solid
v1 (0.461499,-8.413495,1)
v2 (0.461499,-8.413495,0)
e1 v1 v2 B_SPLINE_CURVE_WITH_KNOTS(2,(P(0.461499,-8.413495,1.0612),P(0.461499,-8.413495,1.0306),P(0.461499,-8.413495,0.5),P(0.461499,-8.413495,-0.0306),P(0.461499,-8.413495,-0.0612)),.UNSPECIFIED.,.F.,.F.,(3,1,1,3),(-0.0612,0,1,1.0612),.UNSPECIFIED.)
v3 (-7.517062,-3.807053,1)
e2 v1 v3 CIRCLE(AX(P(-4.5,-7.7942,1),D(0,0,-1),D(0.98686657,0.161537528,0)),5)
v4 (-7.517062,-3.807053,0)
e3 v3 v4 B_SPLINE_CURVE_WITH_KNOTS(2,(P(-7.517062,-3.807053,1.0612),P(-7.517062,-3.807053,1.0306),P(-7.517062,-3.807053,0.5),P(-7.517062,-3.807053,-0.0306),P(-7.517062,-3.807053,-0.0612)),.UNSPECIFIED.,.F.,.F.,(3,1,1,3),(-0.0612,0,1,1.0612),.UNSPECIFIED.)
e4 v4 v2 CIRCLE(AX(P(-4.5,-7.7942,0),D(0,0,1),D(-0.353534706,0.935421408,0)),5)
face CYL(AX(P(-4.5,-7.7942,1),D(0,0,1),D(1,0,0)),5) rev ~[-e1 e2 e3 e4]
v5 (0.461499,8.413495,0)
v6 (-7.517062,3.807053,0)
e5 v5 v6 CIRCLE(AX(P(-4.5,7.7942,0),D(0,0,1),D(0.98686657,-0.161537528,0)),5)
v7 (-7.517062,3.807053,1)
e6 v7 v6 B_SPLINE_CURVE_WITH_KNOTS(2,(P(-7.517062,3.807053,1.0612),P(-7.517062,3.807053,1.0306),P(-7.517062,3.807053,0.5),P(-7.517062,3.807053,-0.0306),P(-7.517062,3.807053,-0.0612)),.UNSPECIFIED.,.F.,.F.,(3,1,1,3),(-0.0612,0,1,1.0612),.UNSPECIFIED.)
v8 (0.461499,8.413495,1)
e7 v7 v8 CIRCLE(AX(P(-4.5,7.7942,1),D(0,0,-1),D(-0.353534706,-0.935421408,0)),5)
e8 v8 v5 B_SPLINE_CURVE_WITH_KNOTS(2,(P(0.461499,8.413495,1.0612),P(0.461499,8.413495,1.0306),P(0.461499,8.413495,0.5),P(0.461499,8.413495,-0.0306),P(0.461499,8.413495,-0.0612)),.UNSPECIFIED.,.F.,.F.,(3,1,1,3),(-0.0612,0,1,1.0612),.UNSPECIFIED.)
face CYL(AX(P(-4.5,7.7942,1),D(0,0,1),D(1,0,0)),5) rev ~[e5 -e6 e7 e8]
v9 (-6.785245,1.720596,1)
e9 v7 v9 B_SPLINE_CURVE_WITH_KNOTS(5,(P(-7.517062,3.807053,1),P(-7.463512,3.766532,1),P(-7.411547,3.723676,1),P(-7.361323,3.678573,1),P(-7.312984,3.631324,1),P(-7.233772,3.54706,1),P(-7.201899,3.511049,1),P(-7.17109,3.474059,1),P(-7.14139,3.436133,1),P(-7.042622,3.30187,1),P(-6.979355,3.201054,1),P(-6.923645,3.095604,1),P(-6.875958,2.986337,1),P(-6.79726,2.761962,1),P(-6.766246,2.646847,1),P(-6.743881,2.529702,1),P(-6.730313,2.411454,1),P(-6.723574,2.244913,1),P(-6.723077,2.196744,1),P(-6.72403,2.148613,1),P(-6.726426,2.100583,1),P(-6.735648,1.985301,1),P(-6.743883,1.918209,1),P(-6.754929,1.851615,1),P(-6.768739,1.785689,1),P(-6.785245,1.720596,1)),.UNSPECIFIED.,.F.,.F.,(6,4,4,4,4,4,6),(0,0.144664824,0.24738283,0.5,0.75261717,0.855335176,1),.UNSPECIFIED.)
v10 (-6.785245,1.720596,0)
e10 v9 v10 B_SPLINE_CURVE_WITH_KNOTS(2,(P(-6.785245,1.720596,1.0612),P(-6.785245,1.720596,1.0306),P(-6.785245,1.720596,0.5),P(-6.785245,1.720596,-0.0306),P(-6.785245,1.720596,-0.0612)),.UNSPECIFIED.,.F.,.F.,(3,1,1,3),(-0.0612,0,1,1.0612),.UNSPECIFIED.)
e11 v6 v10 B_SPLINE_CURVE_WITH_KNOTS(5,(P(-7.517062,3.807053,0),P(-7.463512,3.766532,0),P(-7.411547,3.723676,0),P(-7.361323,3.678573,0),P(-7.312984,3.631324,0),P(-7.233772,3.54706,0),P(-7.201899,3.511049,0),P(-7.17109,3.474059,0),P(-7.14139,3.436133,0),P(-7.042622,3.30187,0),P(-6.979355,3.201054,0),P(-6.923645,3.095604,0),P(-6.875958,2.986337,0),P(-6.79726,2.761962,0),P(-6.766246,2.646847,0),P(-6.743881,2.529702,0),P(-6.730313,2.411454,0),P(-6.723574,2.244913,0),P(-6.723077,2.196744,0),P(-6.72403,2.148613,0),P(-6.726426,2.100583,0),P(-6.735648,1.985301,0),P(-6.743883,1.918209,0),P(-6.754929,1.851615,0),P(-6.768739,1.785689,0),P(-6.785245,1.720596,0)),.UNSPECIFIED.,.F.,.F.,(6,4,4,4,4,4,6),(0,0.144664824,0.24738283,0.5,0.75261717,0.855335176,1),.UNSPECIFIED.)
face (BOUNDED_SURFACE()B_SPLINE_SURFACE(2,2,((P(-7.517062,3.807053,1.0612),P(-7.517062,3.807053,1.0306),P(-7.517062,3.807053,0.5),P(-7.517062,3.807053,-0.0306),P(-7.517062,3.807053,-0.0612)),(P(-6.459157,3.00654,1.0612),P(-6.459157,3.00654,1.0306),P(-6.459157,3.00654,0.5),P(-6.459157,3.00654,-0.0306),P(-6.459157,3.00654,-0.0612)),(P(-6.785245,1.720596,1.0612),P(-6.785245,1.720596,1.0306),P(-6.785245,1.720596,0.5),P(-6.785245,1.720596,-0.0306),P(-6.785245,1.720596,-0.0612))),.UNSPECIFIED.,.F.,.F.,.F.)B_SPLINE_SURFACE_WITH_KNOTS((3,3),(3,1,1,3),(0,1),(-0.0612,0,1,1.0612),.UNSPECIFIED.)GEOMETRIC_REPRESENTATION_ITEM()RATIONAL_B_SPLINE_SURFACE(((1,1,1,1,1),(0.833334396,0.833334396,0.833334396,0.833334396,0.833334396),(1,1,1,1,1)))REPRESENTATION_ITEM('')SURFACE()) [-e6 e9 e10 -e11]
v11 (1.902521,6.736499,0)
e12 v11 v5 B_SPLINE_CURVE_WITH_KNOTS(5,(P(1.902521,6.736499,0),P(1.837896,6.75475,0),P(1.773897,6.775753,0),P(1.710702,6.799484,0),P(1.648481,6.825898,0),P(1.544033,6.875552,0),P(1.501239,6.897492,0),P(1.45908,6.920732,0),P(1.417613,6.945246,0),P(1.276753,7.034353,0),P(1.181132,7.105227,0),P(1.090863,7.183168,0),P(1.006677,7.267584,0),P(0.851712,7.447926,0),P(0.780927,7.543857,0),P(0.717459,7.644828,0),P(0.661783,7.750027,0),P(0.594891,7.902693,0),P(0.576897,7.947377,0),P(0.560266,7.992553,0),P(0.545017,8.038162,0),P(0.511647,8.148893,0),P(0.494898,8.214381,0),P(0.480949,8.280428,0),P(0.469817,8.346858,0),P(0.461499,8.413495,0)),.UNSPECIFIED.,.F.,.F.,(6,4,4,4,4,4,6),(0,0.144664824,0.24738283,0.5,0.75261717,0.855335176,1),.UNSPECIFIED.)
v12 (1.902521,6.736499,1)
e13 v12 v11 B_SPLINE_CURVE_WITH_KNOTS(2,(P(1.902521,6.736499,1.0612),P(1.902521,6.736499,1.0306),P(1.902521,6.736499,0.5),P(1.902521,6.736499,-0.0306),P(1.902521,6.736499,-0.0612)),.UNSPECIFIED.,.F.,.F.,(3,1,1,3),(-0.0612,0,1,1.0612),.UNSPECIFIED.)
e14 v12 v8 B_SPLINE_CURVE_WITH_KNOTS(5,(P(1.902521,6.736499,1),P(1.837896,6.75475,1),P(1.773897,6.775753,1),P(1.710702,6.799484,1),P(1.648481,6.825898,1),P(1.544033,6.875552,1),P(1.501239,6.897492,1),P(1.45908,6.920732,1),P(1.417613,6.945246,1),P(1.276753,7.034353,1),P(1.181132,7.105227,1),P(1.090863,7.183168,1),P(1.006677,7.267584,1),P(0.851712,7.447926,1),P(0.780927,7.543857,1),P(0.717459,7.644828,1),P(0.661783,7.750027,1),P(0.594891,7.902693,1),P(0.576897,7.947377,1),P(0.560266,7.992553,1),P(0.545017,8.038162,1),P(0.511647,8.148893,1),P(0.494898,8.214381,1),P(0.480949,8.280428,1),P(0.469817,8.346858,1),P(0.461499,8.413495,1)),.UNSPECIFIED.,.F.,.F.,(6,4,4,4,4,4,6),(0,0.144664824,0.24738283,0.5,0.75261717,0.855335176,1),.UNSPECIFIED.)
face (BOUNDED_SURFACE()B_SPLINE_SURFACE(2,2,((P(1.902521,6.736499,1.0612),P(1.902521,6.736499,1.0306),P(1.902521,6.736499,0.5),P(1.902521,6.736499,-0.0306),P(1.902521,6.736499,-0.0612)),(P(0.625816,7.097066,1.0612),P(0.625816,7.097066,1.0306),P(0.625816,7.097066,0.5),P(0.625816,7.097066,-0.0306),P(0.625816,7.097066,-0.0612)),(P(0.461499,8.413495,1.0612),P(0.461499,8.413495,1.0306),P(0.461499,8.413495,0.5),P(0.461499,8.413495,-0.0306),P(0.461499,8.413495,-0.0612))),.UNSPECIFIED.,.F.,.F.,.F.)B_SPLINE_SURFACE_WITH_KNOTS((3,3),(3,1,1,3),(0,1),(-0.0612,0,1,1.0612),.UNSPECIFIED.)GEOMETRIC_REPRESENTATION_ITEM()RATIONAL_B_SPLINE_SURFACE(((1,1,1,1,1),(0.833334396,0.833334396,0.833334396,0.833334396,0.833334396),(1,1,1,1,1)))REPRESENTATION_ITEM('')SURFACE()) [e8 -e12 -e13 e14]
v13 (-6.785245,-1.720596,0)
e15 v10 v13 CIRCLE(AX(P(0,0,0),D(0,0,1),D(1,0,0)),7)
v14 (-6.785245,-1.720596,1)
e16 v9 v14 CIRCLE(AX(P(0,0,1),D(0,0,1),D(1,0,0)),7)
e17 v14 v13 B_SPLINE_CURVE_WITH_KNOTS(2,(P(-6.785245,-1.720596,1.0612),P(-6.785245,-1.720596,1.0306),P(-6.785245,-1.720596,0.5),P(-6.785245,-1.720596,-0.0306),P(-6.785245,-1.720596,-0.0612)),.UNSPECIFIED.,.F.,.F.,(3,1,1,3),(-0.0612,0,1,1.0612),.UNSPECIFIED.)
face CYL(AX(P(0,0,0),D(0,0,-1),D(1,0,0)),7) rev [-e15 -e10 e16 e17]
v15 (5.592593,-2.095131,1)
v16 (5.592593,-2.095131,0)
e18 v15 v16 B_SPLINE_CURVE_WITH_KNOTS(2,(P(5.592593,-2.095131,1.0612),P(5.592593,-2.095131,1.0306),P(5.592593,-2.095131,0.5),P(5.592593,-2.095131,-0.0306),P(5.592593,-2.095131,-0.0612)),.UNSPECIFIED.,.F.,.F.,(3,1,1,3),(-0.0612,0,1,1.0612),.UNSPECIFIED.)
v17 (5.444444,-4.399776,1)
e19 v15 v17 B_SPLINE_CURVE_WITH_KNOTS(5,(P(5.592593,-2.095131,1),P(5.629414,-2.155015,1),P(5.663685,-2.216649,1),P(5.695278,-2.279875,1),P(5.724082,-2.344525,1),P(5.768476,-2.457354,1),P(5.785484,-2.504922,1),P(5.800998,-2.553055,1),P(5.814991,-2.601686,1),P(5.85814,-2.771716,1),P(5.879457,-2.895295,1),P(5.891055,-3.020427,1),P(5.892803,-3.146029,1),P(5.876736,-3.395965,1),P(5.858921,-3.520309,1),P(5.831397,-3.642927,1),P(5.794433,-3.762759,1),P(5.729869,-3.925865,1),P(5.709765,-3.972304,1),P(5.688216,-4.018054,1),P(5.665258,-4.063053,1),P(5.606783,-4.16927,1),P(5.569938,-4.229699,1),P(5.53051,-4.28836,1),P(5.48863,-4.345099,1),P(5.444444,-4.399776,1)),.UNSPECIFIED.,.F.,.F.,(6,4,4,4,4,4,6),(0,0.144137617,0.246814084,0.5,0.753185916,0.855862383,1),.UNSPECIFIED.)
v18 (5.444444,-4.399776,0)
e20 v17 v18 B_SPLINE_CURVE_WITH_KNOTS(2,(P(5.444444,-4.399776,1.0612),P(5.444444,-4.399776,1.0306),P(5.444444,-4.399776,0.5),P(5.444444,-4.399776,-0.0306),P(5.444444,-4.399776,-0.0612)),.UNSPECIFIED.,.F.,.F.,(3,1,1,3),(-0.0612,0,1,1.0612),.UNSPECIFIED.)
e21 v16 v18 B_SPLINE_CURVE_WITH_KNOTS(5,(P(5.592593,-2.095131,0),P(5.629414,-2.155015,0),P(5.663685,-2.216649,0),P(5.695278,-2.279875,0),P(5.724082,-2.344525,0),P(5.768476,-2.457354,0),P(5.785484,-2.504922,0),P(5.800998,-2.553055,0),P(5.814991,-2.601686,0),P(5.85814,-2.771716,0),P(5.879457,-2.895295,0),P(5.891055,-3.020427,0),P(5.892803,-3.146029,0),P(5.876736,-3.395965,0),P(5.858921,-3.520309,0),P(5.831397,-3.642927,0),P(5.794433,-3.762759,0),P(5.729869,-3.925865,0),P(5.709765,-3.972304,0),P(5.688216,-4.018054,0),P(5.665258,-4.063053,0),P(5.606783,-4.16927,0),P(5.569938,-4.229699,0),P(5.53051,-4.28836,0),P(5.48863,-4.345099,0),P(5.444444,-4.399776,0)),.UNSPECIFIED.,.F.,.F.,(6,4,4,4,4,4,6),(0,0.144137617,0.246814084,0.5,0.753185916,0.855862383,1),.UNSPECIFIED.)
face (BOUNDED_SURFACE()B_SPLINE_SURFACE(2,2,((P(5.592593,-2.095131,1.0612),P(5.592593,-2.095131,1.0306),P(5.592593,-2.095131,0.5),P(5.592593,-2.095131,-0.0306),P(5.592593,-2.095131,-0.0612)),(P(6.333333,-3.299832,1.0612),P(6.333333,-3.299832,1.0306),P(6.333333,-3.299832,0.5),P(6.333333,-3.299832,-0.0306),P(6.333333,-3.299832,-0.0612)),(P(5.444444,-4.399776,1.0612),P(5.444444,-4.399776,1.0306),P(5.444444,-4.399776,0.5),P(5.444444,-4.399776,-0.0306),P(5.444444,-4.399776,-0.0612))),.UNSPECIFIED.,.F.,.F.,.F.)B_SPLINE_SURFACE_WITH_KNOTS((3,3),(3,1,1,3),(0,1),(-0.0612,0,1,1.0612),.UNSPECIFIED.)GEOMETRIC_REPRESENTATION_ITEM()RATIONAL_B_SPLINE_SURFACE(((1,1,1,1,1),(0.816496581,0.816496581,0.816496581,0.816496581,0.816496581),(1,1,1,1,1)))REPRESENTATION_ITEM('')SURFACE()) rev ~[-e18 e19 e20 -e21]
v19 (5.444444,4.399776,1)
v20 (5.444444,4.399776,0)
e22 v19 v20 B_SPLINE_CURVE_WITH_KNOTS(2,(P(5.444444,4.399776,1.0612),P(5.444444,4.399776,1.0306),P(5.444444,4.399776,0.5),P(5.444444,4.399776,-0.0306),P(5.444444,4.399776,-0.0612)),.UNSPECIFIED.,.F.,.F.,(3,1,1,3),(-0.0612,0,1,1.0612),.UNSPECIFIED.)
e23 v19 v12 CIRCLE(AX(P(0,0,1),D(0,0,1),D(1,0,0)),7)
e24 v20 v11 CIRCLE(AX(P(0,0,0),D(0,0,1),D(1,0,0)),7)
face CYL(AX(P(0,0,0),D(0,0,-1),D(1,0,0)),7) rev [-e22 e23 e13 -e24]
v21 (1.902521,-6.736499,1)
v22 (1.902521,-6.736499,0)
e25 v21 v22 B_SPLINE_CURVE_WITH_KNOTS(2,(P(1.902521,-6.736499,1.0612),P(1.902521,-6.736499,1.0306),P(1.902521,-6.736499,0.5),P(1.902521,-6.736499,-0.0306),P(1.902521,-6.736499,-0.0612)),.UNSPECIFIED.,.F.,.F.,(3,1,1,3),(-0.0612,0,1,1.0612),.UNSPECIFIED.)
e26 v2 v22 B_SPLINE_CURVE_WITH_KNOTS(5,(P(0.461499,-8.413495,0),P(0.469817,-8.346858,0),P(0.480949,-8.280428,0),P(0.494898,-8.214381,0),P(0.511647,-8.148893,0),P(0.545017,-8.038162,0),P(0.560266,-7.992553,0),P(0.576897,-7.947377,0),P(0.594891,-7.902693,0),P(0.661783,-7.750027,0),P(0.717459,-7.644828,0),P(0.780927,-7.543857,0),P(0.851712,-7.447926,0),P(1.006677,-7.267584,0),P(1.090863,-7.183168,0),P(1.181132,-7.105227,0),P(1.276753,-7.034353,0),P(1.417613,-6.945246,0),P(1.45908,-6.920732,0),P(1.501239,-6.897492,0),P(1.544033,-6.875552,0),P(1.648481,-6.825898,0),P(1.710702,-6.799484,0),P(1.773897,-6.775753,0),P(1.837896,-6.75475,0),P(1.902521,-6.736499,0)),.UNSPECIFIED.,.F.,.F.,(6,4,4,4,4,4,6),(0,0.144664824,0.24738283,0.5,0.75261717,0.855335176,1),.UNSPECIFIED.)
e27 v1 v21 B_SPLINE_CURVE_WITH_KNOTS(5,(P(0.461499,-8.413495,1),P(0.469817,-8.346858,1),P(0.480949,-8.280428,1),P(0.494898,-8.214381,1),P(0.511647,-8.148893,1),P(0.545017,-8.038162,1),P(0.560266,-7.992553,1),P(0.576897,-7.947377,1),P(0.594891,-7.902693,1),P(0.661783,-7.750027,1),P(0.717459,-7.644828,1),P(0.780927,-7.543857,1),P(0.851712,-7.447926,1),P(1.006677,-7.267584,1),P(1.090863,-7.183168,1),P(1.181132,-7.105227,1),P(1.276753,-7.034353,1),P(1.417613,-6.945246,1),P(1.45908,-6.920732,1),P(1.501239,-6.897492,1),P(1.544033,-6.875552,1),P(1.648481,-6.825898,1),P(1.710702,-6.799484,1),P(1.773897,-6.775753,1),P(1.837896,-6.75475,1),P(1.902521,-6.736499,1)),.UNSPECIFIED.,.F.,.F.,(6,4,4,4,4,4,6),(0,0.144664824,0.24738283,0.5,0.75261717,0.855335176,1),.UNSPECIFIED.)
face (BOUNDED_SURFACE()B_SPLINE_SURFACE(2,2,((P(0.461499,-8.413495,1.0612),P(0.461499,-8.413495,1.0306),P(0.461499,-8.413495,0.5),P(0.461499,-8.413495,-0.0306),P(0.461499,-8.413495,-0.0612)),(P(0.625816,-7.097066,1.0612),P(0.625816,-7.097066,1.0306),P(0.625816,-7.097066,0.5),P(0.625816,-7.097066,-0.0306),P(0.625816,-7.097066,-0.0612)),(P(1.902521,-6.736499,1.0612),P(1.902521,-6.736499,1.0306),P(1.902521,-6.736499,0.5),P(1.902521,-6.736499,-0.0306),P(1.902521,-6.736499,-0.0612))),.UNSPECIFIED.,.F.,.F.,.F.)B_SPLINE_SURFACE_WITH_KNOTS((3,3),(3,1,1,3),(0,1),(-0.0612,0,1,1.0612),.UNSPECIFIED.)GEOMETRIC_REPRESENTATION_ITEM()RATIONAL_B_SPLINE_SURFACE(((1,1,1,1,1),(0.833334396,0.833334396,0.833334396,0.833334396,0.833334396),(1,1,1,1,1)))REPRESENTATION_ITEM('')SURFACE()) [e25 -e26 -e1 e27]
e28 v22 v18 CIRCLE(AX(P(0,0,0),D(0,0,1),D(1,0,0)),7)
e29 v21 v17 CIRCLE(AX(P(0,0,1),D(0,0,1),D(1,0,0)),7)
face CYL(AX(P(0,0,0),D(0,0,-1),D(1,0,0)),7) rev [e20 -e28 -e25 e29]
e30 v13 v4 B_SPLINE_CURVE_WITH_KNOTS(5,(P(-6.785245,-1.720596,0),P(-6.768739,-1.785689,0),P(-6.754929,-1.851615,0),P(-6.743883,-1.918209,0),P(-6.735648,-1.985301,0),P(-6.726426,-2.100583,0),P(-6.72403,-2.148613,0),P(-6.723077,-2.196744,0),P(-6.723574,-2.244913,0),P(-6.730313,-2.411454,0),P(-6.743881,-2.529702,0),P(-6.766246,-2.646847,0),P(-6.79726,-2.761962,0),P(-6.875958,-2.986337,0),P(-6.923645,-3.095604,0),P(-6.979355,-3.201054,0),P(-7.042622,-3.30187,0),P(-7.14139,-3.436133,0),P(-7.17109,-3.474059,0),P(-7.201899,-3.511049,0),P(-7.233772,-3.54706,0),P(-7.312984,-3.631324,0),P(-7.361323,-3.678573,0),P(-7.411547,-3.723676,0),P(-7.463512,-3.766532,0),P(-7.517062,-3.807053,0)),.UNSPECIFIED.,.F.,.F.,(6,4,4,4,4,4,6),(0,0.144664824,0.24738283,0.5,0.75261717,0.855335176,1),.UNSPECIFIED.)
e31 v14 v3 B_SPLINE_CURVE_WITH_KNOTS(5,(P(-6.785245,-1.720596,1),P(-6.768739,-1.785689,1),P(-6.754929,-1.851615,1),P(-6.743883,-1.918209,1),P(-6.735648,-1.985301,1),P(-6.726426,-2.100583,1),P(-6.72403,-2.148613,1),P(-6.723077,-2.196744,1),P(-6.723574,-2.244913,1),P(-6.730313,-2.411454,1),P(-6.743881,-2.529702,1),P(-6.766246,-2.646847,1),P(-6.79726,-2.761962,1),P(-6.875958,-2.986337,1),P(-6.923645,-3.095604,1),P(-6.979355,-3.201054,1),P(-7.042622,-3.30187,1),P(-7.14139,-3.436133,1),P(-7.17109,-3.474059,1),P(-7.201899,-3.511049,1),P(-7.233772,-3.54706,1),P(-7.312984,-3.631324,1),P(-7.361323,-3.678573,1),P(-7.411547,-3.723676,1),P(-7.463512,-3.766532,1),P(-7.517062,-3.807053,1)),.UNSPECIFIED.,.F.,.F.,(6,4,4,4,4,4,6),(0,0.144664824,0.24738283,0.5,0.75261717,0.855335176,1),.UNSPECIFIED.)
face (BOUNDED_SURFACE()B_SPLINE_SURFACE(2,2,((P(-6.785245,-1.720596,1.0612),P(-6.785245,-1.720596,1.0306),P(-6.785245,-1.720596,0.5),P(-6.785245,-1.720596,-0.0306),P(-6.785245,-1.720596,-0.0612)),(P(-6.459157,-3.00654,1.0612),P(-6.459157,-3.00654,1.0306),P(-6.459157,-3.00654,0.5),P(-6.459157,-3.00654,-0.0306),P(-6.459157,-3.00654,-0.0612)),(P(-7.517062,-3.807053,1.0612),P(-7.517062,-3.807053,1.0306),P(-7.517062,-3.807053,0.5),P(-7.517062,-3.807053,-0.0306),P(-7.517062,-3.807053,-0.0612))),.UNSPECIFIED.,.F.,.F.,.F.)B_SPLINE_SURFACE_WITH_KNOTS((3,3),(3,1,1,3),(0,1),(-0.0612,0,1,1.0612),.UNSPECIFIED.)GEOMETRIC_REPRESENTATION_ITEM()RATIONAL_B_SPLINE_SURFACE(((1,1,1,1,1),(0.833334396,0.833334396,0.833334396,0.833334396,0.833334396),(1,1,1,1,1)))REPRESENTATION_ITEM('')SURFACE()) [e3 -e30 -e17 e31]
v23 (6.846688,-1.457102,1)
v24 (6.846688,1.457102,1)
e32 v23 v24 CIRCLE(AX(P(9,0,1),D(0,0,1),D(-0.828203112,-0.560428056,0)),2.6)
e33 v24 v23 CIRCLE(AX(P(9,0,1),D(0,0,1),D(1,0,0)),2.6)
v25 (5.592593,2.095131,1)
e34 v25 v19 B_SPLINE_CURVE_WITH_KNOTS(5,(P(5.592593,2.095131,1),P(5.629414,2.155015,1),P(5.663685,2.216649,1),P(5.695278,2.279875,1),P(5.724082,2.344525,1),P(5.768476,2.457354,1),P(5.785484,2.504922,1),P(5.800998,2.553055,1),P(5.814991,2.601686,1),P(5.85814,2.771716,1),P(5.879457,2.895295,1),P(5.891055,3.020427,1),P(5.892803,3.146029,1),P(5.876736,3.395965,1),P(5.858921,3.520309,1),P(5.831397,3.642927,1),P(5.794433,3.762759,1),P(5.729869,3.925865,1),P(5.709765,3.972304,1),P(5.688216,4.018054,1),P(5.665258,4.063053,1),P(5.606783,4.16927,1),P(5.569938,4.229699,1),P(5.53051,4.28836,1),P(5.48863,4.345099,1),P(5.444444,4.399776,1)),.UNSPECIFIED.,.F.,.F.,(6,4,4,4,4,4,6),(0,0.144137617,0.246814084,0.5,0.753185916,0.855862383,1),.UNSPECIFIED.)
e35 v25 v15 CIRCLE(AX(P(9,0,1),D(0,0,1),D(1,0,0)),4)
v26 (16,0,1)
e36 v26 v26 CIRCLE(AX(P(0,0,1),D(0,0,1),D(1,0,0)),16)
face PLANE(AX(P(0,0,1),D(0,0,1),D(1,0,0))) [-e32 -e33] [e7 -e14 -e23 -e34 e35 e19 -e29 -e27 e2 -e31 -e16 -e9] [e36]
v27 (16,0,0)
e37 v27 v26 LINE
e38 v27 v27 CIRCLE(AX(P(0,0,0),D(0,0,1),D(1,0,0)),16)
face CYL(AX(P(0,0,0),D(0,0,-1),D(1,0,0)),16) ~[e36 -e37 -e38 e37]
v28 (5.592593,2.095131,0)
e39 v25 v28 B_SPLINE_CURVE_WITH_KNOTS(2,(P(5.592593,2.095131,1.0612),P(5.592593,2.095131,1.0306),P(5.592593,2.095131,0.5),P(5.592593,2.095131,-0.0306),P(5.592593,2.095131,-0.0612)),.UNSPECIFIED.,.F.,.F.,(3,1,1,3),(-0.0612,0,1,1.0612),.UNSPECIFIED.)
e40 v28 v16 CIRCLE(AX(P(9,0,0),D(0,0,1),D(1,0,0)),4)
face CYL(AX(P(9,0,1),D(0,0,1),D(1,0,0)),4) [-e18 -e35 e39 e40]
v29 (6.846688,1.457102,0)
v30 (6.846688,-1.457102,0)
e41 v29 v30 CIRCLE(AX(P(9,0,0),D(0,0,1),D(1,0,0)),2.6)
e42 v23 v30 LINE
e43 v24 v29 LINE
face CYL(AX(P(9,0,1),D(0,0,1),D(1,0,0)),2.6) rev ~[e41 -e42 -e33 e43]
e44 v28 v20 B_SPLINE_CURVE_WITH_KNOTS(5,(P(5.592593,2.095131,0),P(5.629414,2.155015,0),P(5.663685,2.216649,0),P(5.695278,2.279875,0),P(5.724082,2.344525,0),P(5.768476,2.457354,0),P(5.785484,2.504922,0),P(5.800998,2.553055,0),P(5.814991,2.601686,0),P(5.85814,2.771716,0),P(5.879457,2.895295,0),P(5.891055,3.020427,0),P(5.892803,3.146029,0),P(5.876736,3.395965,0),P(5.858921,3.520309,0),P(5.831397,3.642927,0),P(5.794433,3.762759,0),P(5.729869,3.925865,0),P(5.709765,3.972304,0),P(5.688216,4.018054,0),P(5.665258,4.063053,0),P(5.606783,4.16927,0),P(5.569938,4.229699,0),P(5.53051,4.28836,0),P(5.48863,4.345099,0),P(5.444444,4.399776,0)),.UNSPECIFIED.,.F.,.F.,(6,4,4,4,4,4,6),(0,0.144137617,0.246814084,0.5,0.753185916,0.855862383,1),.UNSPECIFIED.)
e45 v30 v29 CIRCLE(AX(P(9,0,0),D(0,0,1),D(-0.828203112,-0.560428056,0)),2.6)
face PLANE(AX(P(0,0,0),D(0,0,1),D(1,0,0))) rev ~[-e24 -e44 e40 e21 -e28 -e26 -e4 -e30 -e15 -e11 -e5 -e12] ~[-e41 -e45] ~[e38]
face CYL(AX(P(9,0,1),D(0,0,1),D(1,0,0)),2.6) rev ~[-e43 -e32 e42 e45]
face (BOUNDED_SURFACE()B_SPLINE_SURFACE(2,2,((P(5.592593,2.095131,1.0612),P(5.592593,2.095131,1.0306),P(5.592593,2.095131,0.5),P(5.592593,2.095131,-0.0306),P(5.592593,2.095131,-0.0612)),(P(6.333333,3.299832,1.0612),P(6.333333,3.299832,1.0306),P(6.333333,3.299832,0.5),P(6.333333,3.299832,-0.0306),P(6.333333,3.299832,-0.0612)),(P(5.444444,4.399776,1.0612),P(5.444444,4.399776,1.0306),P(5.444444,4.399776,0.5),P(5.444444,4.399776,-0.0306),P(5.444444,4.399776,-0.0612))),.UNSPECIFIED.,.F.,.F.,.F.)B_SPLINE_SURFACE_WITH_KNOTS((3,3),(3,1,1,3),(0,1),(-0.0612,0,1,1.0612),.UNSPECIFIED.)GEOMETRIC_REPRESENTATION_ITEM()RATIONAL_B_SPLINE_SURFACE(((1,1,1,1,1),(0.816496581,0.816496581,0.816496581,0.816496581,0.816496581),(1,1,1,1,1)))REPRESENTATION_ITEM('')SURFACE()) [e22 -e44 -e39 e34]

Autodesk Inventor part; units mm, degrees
ref_plane "YZ Plane" through (0, 0, 0) normal (1, 0, 0) x (0, 1, 0)
ref_plane "XZ Plane" through (0, 0, 0) normal (0, 1, 0) x (-1, 0, 0)
ref_plane "XY Plane" through (0, 0, 0) normal (0, 0, 1) x (1, 0, 0)
sketch "Sketch1" plane through (0, 0, 0) normal (0, 0, 1) x (1, 0, 0)
  circle A0 centre (0, 0) radius 7
  circle A1 centre (0, 0) radius 16
  dimension "d0" = 32
  dimension "d1" = 14
extrude "Extrusion1" add sketch "Sketch1" along normal blind 1
sketch "Sketch2" plane through (0, 0, 1) normal (0, 0, 1) x (1, 0, 0)
  circle A0 centre (9, 0) radius 2.6
  point P0 (0, 0)
  dimension "d4" = 9
  dimension "d5" = 5.2
extrude "Extrusion2" cut sketch "Sketch2" against normal blind 1
pattern_circular "Circular Pattern1" count 3 over 360 about axis through (0, 0, 0) along (0, 0, 1) of "Extrusion2"
sketch "Sketch4" plane through (0, 0, 1) normal (0, 0, 1) x (1, 0, 0)
  arc A0 (-2.1614, 6.6579) -> (-4.6852, 5.2008) centre (-4.5, 7.7942) ccw projected
  circle A1 centre (-4.5, 7.7942) radius 5
  arc A2 (-4.6852, -5.2008) -> (-2.1614, -6.6579) centre (-4.5, -7.7942) ccw projected
  circle A3 centre (-4.5, -7.7942) radius 5
  point P0 (0, 0)
  dimension "d12" = 10
extrude "Extrusion3" cut sketch "Sketch4" against normal through all
sketch "Sketch5" plane through (0, 0, 1) normal (0, 0, 1) x (1, 0, 0)
  arc A0 (6.8467, -1.4571) -> (6.8467, 1.4571) centre (9, 0) ccw projected
  circle A1 centre (9, 0) radius 4
  circle A2 centre (9, 0) radius 2.6
  point P0 (0, 0)
  point P1 (6.8467, 1.4571)
  dimension "d16" = 8
extrude "Extrusion4" add sketch "Sketch5" against normal up to surface (1 mm away)
fillet "Fillet3" radius 2 6 edges at (0.4343, 6.9865, 0.5) (-6.2677, 3.1171, 0.5) (-6.2677, -3.1171, 0.5) (0.4343, -6.9865, 0.5) (6.3333, -2.9814, 0.5) (6.3333, 2.9814, 0.5)
properties part number "ring-pre-anode" material "Stainless Steel"
